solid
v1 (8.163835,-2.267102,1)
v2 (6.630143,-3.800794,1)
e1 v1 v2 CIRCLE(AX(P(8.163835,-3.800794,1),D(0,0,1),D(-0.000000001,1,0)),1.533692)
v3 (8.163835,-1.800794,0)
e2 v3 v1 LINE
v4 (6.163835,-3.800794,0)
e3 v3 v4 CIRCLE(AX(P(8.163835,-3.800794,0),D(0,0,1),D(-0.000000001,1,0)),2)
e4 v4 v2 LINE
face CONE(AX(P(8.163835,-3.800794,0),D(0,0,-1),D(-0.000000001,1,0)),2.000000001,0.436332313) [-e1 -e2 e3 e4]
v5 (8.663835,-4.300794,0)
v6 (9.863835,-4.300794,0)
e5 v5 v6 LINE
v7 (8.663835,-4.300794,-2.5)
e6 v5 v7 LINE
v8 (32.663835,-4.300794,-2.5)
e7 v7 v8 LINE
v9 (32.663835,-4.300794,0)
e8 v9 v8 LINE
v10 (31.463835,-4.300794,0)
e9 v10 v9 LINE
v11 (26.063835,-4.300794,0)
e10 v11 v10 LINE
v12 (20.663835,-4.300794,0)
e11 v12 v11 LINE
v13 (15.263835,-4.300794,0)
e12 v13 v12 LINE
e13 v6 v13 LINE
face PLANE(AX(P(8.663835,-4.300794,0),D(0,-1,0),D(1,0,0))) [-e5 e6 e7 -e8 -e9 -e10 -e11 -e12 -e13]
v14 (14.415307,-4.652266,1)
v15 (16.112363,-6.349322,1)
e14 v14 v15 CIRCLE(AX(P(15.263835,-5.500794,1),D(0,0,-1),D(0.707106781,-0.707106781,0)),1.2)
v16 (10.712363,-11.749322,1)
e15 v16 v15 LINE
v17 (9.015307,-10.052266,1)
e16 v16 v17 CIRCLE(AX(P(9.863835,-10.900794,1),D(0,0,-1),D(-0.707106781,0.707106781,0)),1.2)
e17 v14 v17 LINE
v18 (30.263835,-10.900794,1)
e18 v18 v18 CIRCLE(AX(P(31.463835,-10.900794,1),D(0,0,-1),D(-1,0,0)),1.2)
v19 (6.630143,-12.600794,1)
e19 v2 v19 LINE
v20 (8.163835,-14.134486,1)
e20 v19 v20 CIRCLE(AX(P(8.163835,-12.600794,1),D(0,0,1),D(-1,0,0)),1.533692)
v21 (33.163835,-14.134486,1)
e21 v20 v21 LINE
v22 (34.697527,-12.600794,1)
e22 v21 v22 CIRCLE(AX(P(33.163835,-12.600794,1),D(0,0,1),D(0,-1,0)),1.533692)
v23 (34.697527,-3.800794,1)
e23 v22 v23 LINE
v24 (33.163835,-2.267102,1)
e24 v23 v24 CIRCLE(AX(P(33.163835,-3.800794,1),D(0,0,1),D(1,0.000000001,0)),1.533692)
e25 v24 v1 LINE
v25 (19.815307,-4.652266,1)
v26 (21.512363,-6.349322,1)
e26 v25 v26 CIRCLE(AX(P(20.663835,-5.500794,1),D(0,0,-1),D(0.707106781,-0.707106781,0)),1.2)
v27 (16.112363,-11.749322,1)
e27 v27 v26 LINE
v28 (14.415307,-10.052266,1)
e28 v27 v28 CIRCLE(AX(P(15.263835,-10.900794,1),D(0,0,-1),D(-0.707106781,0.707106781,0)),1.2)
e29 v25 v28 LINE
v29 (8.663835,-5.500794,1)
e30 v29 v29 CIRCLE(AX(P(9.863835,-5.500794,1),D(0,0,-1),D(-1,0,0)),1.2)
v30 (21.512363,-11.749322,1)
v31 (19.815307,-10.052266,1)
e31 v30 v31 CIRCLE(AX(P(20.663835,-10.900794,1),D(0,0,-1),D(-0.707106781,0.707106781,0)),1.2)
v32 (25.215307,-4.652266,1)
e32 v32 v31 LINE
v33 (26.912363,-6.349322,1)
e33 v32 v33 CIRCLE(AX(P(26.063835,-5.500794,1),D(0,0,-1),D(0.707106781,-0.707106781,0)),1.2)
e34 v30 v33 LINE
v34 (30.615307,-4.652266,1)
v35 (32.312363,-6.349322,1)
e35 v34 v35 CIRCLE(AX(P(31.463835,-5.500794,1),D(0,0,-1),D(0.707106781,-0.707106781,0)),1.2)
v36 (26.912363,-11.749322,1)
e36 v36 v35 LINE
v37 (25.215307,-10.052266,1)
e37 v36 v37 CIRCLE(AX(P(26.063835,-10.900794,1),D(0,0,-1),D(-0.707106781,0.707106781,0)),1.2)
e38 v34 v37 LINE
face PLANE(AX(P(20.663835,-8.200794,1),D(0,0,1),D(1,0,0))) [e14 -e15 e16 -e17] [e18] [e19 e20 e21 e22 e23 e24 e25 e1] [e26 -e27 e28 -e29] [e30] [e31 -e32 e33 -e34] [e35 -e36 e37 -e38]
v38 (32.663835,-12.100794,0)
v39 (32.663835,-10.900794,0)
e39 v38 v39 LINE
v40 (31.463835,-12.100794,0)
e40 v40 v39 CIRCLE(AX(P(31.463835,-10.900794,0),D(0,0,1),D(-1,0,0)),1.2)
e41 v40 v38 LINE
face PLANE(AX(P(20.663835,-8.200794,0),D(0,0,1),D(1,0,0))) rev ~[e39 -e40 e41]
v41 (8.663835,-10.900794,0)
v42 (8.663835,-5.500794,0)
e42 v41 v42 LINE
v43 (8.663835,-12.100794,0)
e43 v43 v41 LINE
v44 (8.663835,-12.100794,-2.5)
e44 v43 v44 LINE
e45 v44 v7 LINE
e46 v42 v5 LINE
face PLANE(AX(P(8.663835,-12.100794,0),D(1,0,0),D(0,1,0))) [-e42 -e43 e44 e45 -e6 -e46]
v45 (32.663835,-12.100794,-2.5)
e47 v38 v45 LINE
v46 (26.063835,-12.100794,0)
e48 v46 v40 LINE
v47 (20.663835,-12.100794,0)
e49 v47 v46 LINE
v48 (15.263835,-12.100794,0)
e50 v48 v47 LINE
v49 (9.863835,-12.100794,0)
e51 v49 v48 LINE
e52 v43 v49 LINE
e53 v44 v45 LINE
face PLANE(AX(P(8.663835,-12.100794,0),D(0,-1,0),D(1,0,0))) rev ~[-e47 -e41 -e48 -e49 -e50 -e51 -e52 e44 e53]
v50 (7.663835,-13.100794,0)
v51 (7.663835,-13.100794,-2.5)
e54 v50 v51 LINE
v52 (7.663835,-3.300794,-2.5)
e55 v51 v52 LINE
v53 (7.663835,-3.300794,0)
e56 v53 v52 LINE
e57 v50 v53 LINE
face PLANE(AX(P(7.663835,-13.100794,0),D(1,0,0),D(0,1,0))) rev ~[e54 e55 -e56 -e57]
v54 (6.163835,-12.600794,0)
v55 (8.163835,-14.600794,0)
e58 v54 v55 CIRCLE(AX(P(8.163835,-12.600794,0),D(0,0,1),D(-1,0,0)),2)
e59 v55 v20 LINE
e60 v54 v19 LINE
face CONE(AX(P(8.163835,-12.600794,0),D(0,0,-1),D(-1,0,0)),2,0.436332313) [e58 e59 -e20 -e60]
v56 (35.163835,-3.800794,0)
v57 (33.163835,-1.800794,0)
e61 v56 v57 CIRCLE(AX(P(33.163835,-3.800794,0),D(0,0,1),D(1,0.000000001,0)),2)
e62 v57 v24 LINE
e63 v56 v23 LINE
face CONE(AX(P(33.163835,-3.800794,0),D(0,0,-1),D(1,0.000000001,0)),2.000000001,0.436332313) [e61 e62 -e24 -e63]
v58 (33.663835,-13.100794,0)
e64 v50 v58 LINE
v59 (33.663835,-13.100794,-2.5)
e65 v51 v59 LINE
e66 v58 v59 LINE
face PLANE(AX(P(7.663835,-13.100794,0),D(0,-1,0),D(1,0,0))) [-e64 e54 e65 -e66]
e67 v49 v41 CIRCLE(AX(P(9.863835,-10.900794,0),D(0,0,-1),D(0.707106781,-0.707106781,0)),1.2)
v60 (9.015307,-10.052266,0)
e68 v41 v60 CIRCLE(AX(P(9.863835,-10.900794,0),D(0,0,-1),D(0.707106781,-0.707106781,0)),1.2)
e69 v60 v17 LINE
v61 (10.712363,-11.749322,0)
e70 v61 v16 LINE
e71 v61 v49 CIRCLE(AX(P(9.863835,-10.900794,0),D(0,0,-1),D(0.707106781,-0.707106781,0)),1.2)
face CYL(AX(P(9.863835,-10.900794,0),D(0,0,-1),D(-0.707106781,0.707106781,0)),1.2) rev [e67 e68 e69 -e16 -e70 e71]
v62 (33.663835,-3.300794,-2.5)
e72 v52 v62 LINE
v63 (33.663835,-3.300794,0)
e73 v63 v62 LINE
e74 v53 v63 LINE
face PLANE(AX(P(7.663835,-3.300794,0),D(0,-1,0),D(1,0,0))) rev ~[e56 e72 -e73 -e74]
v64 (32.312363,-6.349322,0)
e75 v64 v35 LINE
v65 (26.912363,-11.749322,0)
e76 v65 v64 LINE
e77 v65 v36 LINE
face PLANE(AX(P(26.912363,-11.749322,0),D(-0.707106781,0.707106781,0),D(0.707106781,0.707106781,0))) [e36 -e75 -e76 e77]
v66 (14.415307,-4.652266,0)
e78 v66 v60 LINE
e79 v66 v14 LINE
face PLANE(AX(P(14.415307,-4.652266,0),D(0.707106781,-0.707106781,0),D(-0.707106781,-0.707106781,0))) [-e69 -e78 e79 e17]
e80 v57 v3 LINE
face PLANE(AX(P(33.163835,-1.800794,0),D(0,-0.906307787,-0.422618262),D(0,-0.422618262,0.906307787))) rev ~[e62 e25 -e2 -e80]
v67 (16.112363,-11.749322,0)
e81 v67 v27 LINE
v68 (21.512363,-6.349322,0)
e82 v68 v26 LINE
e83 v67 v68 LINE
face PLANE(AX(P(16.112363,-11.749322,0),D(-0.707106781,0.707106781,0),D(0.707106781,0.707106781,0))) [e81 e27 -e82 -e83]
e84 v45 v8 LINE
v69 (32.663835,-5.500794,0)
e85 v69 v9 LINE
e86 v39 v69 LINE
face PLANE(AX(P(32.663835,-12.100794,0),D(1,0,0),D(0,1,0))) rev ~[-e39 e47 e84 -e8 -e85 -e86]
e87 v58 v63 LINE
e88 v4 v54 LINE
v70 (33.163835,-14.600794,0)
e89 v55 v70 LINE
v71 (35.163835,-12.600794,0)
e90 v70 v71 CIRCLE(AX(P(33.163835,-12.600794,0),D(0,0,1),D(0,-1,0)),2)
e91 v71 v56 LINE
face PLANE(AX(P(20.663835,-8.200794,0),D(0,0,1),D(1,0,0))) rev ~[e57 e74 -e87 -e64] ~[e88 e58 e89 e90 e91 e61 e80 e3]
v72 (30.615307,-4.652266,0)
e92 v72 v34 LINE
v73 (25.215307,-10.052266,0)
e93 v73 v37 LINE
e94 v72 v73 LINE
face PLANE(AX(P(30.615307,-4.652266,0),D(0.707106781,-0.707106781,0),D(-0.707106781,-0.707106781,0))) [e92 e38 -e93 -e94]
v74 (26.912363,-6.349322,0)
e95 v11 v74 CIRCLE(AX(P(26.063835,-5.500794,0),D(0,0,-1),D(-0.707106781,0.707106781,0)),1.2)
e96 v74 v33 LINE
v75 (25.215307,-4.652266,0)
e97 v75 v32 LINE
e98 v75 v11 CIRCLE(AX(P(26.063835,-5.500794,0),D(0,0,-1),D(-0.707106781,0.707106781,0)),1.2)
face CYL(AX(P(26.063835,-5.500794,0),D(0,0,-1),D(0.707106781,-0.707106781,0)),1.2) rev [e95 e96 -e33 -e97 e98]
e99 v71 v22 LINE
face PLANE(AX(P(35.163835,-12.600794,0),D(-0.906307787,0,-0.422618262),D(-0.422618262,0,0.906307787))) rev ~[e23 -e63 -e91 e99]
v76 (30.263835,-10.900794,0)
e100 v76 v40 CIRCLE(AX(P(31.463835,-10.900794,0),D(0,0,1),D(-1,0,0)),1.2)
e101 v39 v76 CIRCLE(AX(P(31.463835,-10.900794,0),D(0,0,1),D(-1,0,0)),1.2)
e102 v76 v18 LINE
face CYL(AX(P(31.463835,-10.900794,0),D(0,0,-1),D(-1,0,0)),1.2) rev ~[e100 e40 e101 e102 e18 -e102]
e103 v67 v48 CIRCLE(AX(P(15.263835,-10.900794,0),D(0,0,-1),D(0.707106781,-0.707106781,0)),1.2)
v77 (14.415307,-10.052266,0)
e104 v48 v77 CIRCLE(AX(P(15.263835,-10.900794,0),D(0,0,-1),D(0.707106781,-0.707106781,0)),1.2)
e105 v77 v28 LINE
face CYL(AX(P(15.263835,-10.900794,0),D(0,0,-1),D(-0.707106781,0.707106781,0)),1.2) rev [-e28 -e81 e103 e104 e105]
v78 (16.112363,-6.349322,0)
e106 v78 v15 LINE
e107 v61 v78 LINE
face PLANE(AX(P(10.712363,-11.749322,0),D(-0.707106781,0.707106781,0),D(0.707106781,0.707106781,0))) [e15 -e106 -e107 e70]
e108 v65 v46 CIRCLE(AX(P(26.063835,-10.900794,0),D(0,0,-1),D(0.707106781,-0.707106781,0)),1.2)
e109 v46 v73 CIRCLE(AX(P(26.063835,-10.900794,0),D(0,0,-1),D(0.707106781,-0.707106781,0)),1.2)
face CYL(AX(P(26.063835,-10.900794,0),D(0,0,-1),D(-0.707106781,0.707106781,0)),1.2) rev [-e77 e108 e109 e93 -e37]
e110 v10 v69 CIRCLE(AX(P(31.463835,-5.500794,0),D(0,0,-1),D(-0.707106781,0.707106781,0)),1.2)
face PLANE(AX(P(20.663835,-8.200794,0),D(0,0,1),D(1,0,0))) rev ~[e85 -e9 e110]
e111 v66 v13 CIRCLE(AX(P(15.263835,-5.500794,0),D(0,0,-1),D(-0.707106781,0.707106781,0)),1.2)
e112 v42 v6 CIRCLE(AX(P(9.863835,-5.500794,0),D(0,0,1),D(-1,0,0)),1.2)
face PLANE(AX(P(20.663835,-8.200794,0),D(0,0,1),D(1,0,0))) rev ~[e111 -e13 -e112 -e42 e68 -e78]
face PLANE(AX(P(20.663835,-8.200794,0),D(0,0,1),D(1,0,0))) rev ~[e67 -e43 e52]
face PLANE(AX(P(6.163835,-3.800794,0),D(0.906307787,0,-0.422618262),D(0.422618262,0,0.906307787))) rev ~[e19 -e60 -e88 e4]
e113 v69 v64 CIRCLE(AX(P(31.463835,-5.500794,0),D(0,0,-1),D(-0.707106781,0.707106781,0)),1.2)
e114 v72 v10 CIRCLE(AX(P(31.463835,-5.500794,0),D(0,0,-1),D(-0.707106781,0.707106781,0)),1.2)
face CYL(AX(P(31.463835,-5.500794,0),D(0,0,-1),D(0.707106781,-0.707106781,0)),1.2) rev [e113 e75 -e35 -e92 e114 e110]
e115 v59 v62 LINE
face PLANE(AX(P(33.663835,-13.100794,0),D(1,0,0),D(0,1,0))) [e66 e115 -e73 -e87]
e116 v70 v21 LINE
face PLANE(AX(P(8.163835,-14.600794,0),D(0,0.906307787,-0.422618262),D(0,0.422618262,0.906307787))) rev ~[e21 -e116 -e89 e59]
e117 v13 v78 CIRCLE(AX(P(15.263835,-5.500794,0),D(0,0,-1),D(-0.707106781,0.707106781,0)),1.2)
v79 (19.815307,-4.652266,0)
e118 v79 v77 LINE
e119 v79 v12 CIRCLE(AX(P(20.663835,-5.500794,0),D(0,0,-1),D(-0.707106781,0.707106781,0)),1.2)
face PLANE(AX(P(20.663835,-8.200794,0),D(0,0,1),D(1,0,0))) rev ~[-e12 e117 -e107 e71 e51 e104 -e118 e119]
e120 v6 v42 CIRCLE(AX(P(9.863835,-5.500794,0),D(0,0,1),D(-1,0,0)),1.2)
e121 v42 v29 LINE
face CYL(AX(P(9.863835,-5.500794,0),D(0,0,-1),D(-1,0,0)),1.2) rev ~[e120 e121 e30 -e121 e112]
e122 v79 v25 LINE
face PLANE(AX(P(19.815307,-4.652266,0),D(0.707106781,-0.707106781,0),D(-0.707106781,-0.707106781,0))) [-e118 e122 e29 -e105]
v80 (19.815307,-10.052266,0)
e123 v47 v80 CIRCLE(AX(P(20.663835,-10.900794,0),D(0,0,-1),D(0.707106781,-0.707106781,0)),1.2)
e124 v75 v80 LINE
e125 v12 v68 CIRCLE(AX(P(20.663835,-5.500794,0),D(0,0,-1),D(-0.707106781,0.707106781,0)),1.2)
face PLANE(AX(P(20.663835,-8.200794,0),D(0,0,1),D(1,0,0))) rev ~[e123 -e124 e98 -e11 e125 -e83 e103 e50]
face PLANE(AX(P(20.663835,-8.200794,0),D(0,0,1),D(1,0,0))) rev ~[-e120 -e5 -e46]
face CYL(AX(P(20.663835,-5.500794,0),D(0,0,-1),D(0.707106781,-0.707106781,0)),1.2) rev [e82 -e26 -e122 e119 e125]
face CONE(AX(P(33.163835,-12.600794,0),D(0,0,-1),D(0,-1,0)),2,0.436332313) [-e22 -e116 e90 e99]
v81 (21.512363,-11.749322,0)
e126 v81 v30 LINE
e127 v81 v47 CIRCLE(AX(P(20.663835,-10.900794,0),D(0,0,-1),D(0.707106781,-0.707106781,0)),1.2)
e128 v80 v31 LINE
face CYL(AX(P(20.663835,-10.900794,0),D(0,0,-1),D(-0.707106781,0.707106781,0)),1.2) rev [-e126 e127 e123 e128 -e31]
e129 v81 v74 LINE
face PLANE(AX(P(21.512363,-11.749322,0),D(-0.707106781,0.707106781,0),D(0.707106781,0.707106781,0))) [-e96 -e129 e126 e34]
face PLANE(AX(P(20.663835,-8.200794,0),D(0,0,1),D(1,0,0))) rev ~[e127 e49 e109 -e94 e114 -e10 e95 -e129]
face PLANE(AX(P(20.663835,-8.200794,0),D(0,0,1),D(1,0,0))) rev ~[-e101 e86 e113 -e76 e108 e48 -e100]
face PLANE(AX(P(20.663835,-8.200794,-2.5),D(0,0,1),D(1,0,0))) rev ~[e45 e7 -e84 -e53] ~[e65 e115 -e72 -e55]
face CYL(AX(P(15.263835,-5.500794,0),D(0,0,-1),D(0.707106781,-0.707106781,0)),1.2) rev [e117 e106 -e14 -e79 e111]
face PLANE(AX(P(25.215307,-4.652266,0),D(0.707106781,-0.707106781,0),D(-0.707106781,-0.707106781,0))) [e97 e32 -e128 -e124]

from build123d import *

# Parameters (mm, degrees)
SKETCH_1_W          = 26
SKETCH_1_H          = 9.8
SKETCH_1_W_2        = 24
SKETCH_1_H_2        = 7.8
EXTRUDE_1_DEPTH     = 2.5
EXTRUDE_2_DEPTH     = 1
EXTRUDE_2_TAPER     = 25
CUT_EXTRUDE_1_REACH = 3
SKETCH_3_R          = 1.2


with BuildPart() as part:
    # 草图1 → 凸台-拉伸1 (new body)
    with BuildSketch(Plane.XY):
        with Locations((20.66383505, -8.200793938)):
            Rectangle(SKETCH_1_W, SKETCH_1_H)
        with Locations((20.66383505, -8.200793938)):
            Rectangle(SKETCH_1_W_2, SKETCH_1_H_2, mode=Mode.SUBTRACT)
    extrude(amount=-EXTRUDE_1_DEPTH)

    # 草图2 → 凸台-拉伸2 (add)
    with BuildSketch(Plane.XY):
        with BuildLine():
            Line((35.16383505, -12.600793938), (35.16383505, -3.800793938))
            ThreePointArc((35.16383505, -3.800793938), (34.578048612, -2.386580376), (33.16383505, -1.800793938))
            Line((33.16383505, -1.800793938), (8.16383505, -1.800793938))
            ThreePointArc((8.16383505, -1.800793938), (6.749621488, -2.386580376), (6.16383505, -3.800793938))
            Line((6.16383505, -3.800793938), (6.16383505, -12.600793938))
            ThreePointArc((6.16383505, -12.600793938), (6.749621488, -14.015007501), (8.16383505, -14.600793938))
            Line((8.16383505, -14.600793938), (33.16383505, -14.600793938))
            ThreePointArc((33.16383505, -14.600793938), (34.578048612, -14.015007501), (35.16383505, -12.600793938))
        make_face()
    extrude(amount=EXTRUDE_2_DEPTH, taper=EXTRUDE_2_TAPER)

    # 草图3 → 切除-拉伸1 (cut, up to next)
    with BuildSketch(Plane(origin=(0, 0, 0), x_dir=(-1, 0, 0), z_dir=(0, 0, -1)), mode=Mode.PRIVATE) as cut_extrude_1_sk1:
        with Locations((-31.46383505, -10.900793938)):
            Circle(SKETCH_3_R)
    cut_extrude_1_tool1 = extrude(cut_extrude_1_sk1.sketch, amount=-CUT_EXTRUDE_1_REACH, mode=Mode.PRIVATE) & part.part
    add(cut_extrude_1_tool1.solids().sort_by_distance((31.463835, -10.900794, 0))[0], mode=Mode.SUBTRACT)
    # 草图3 → 切除-拉伸1 (cut, up to next)
    with BuildSketch(Plane(origin=(0, 0, 0), x_dir=(-1, 0, 0), z_dir=(0, 0, -1)), mode=Mode.PRIVATE) as cut_extrude_1_sk2:
        with Locations((-9.86383505, -5.500793938)):
            Circle(SKETCH_3_R)
    cut_extrude_1_tool2 = extrude(cut_extrude_1_sk2.sketch, amount=-CUT_EXTRUDE_1_REACH, mode=Mode.PRIVATE) & part.part
    add(cut_extrude_1_tool2.solids().sort_by_distance((9.863835, -5.500794, 0))[0], mode=Mode.SUBTRACT)
    # 草图3 → 切除-拉伸1 (cut, up to next)
    with BuildSketch(Plane(origin=(0, 0, 0), x_dir=(-1, 0, 0), z_dir=(0, 0, -1)), mode=Mode.PRIVATE) as cut_extrude_1_sk3:
        with BuildLine():
            Line((-30.615306913, -4.652265801), (-25.215306913, -10.052265801))
            ThreePointArc((-25.215306913, -10.052265801), (-25.215306913, -11.749322076), (-26.912363188, -11.749322076))
            Line((-26.912363188, -11.749322076), (-32.312363188, -6.349322076))
            ThreePointArc((-32.312363188, -6.349322076), (-32.312363188, -4.652265801), (-30.615306913, -4.652265801))
        make_face()
    cut_extrude_1_tool3 = extrude(cut_extrude_1_sk3.sketch, amount=-CUT_EXTRUDE_1_REACH, mode=Mode.PRIVATE) & part.part
    add(cut_extrude_1_tool3.solids().sort_by_distance((28.763835, -8.200794, 0))[0], mode=Mode.SUBTRACT)
    # 草图3 → 切除-拉伸1 (cut, up to next)
    with BuildSketch(Plane(origin=(0, 0, 0), x_dir=(-1, 0, 0), z_dir=(0, 0, -1)), mode=Mode.PRIVATE) as cut_extrude_1_sk4:
        with BuildLine():
            Line((-25.215306913, -4.652265801), (-19.815306913, -10.052265801))
            ThreePointArc((-19.815306913, -10.052265801), (-19.815306913, -11.749322076), (-21.512363188, -11.749322076))
            Line((-21.512363188, -11.749322076), (-26.912363188, -6.349322076))
            ThreePointArc((-26.912363188, -6.349322076), (-26.912363188, -4.652265801), (-25.215306913, -4.652265801))
        make_face()
    cut_extrude_1_tool4 = extrude(cut_extrude_1_sk4.sketch, amount=-CUT_EXTRUDE_1_REACH, mode=Mode.PRIVATE) & part.part
    add(cut_extrude_1_tool4.solids().sort_by_distance((23.363835, -8.200794, 0))[0], mode=Mode.SUBTRACT)
    # 草图3 → 切除-拉伸1 (cut, up to next)
    with BuildSketch(Plane(origin=(0, 0, 0), x_dir=(-1, 0, 0), z_dir=(0, 0, -1)), mode=Mode.PRIVATE) as cut_extrude_1_sk5:
        with BuildLine():
            Line((-19.815306913, -4.652265801), (-14.415306913, -10.052265801))
            ThreePointArc((-14.415306913, -10.052265801), (-14.415306913, -11.749322076), (-16.112363188, -11.749322076))
            Line((-16.112363188, -11.749322076), (-21.512363188, -6.349322076))
            ThreePointArc((-21.512363188, -6.349322076), (-21.512363188, -4.652265801), (-19.815306913, -4.652265801))
        make_face()
    cut_extrude_1_tool5 = extrude(cut_extrude_1_sk5.sketch, amount=-CUT_EXTRUDE_1_REACH, mode=Mode.PRIVATE) & part.part
    add(cut_extrude_1_tool5.solids().sort_by_distance((17.963835, -8.200794, 0))[0], mode=Mode.SUBTRACT)
    # 草图3 → 切除-拉伸1 (cut, up to next)
    with BuildSketch(Plane(origin=(0, 0, 0), x_dir=(-1, 0, 0), z_dir=(0, 0, -1)), mode=Mode.PRIVATE) as cut_extrude_1_sk6:
        with BuildLine():
            Line((-14.415306913, -4.652265801), (-9.015306913, -10.052265801))
            ThreePointArc((-9.015306913, -10.052265801), (-9.015306913, -11.749322076), (-10.712363188, -11.749322076))
            Line((-10.712363188, -11.749322076), (-16.112363188, -6.349322076))
            ThreePointArc((-16.112363188, -6.349322076), (-16.112363188, -4.652265801), (-14.415306913, -4.652265801))
        make_face()
    cut_extrude_1_tool6 = extrude(cut_extrude_1_sk6.sketch, amount=-CUT_EXTRUDE_1_REACH, mode=Mode.PRIVATE) & part.part
    add(cut_extrude_1_tool6.solids().sort_by_distance((12.563835, -8.200794, 0))[0], mode=Mode.SUBTRACT)


solid = part.part
